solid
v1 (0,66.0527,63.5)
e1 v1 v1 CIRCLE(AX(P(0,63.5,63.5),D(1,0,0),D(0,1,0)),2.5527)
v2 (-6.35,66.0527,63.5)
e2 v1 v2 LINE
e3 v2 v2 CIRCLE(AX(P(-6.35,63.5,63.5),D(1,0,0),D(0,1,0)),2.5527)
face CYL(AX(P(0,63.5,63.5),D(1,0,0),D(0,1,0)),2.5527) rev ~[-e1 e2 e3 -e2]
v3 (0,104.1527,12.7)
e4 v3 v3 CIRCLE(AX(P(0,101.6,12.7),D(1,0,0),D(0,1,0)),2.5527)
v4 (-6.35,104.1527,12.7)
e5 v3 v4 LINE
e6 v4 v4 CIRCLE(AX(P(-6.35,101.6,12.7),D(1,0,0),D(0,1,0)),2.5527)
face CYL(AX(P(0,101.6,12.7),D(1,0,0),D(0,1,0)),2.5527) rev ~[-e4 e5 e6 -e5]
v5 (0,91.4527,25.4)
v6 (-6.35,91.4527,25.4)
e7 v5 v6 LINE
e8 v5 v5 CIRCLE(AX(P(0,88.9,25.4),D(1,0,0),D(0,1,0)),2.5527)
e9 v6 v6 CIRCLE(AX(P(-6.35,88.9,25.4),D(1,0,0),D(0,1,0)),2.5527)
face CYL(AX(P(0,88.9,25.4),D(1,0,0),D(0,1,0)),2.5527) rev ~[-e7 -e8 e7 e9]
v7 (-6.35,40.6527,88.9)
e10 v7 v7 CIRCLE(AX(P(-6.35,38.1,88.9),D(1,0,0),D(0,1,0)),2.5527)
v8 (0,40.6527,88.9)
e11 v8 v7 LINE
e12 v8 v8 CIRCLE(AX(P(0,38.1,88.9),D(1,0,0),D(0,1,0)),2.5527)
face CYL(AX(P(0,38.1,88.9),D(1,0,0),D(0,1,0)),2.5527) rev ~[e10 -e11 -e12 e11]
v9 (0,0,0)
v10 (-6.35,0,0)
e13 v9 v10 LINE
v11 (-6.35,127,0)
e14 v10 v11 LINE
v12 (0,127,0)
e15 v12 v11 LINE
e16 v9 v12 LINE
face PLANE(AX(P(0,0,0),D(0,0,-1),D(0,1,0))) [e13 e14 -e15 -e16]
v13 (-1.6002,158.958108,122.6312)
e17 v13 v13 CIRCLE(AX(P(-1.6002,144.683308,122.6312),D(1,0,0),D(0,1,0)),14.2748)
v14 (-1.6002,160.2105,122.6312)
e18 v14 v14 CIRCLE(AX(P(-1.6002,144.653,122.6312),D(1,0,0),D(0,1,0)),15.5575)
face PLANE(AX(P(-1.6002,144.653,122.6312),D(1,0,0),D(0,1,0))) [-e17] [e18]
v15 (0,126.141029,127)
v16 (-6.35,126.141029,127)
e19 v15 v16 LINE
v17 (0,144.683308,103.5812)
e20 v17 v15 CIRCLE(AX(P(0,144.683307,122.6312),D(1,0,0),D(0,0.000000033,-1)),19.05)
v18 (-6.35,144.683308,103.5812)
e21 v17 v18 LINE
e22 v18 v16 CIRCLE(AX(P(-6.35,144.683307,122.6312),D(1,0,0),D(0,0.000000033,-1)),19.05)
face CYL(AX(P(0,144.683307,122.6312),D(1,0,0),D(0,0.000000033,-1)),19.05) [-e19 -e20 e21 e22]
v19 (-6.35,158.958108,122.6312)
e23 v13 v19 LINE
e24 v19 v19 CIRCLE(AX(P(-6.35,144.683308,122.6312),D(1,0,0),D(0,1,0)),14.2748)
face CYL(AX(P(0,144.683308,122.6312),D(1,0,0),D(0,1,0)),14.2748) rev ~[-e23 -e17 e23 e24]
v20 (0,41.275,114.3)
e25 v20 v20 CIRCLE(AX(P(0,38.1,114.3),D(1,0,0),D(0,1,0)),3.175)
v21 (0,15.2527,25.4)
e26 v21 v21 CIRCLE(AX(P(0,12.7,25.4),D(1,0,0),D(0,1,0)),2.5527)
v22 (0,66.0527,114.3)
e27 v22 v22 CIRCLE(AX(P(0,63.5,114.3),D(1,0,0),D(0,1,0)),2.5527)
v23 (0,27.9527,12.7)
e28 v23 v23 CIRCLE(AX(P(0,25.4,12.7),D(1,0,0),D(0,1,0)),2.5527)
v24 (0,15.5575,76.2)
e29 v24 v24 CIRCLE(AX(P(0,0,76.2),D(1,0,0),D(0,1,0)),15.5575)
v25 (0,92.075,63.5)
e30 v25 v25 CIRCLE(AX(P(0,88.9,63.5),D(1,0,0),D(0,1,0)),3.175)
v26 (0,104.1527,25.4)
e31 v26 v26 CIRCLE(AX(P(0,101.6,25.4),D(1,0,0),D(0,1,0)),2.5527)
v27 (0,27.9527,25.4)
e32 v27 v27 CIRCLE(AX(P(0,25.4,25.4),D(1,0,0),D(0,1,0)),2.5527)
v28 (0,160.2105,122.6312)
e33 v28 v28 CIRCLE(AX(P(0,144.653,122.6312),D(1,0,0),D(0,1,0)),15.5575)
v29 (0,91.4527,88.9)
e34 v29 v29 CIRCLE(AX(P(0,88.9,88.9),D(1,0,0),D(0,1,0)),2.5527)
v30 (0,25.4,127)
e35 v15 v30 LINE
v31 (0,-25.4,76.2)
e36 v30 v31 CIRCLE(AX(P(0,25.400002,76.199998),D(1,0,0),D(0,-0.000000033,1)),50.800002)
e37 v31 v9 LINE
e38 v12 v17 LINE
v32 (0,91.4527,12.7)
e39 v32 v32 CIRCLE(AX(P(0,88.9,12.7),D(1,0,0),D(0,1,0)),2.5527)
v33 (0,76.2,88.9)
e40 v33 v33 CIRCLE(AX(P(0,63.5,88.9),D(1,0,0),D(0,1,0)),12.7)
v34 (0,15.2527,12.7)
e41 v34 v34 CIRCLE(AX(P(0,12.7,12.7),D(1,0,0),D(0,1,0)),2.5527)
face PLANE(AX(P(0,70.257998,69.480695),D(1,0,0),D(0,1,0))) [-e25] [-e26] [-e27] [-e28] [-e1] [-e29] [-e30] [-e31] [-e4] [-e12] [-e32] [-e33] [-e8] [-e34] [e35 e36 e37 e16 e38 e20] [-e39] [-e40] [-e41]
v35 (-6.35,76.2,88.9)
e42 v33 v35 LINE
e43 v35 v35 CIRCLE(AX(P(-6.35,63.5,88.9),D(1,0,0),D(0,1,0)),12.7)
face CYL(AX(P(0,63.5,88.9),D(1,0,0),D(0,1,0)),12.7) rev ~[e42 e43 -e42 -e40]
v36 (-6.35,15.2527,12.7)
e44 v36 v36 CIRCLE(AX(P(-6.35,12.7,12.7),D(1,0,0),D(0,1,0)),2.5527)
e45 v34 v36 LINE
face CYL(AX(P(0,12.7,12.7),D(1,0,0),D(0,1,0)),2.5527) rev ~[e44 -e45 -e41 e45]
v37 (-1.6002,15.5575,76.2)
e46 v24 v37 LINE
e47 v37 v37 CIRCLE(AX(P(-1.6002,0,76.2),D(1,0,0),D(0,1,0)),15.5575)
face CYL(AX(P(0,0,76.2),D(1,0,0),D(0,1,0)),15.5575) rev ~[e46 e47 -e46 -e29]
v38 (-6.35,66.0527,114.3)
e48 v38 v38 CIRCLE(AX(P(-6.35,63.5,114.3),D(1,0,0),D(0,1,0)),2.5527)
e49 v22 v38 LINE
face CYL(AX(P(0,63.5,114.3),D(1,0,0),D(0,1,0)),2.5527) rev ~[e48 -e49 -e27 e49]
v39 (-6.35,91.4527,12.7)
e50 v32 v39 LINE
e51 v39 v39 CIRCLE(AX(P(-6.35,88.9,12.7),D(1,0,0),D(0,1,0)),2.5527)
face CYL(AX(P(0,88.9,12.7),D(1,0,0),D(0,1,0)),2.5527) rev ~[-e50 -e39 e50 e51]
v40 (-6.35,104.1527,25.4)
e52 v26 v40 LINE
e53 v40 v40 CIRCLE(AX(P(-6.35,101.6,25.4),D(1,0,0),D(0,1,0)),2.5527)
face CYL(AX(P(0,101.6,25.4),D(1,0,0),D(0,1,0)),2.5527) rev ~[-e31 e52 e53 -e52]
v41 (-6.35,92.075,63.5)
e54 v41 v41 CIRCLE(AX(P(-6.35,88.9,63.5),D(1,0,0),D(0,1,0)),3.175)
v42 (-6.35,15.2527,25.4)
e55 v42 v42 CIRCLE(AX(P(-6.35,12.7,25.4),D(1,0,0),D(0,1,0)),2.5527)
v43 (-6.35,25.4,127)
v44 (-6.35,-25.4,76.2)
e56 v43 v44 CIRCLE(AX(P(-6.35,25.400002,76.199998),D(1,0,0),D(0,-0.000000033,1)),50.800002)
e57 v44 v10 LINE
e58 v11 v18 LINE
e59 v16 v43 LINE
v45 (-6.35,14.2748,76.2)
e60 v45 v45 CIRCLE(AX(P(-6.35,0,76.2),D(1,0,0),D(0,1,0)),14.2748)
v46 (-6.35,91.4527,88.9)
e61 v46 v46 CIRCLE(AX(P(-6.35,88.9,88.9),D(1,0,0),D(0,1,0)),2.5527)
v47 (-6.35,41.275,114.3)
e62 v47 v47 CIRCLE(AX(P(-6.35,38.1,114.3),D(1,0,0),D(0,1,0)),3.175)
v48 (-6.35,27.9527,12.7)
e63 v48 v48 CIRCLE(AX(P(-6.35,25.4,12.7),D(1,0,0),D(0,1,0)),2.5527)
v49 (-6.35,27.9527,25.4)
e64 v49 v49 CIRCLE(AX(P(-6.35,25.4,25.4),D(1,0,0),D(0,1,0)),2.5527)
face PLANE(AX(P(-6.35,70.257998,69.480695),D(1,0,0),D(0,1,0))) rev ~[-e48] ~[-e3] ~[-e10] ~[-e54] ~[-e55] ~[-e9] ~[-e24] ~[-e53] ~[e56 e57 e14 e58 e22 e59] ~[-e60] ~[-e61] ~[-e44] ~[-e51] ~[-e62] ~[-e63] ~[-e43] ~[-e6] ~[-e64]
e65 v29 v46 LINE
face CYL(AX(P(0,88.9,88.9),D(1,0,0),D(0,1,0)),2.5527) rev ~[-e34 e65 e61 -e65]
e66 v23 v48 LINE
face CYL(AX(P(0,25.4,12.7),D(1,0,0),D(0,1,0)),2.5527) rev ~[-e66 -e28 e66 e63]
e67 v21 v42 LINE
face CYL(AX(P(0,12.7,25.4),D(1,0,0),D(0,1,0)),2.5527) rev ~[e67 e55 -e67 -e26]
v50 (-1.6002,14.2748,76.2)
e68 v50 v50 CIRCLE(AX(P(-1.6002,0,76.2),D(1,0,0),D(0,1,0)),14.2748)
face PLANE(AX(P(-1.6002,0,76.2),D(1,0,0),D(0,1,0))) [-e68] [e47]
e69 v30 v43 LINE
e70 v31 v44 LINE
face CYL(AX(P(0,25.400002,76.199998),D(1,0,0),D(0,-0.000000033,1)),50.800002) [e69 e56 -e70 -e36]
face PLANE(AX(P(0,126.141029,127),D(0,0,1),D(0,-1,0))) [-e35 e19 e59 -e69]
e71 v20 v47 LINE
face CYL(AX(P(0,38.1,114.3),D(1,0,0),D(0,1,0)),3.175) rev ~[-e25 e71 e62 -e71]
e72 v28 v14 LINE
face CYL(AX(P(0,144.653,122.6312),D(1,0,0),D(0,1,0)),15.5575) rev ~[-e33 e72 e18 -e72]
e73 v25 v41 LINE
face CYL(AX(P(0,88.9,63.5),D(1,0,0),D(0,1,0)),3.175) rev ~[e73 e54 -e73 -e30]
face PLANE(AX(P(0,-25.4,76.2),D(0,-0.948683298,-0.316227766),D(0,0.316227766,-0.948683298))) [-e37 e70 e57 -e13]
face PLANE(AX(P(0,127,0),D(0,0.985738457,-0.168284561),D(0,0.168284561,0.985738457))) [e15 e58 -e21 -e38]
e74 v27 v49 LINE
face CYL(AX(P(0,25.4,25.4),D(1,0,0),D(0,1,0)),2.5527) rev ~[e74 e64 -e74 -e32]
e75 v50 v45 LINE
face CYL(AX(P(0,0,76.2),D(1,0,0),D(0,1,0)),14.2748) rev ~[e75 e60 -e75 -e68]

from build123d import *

# Parameters (mm, degrees)
F0_R     = 2.5527
F0_R_2   = 3.175
F0_R_3   = 14.2748
F0_R_4   = 12.7
F1_DEPTH = 6.35
F2_R     = 15.5575
F3_DEPTH = 1.6002


with BuildPart() as f1:
    # F0 (on Right) → F1 (new body)
    with BuildSketch(Plane.YZ):
        with BuildLine():
            Line((126.141029, 127), (25.4, 127))
            ThreePointArc((25.4, 127), (-10.521024, 112.121024), (-25.4, 76.2))
            Line((-25.4, 76.2), (0, 0))
            Line((0, 0), (12.7, 0))
            Line((12.7, 0), (25.4, 0))
            Line((25.4, 0), (101.6, 0))
            Line((101.6, 0), (127, 0))
            Line((127, 0), (144.683308, 103.5812))
            ThreePointArc((144.683308, 103.5812), (159.618637, 134.45653), (126.141029, 127))
        make_face()
        with Locations((12.7, 12.7)):
            Circle(F0_R, mode=Mode.SUBTRACT)
        with Locations((12.7, 25.4)):
            Circle(F0_R, mode=Mode.SUBTRACT)
        with Locations((25.4, 12.7)):
            Circle(F0_R, mode=Mode.SUBTRACT)
        with Locations((25.4, 25.4)):
            Circle(F0_R, mode=Mode.SUBTRACT)
        with Locations((63.5, 63.5)):
            Circle(F0_R, mode=Mode.SUBTRACT)
        with Locations((88.9, 12.7)):
            Circle(F0_R, mode=Mode.SUBTRACT)
        with Locations((101.6, 12.7)):
            Circle(F0_R, mode=Mode.SUBTRACT)
        with Locations((88.9, 25.4)):
            Circle(F0_R, mode=Mode.SUBTRACT)
        with Locations((101.6, 25.4)):
            Circle(F0_R, mode=Mode.SUBTRACT)
        with Locations((88.9, 63.5)):
            Circle(F0_R_2, mode=Mode.SUBTRACT)
        with Locations((0, 76.2)):
            Circle(F0_R_3, mode=Mode.SUBTRACT)
        with Locations((38.1, 88.9)):
            Circle(F0_R, mode=Mode.SUBTRACT)
        with Locations((63.5, 88.9)):
            Circle(F0_R_4, mode=Mode.SUBTRACT)
        with Locations((38.1, 114.3)):
            Circle(F0_R_2, mode=Mode.SUBTRACT)
        with Locations((63.5, 114.3)):
            Circle(F0_R, mode=Mode.SUBTRACT)
        with Locations((88.9, 88.9)):
            Circle(F0_R, mode=Mode.SUBTRACT)
        with Locations((144.683308, 122.6312)):
            Circle(F0_R_3, mode=Mode.SUBTRACT)
    extrude(amount=-F1_DEPTH)

    # F2 (on Right) → F3 (cut)
    with BuildSketch(Plane.YZ):
        with Locations((0, 76.2)):
            Circle(F2_R)
        with Locations((144.653, 122.6312)):
            Circle(F2_R)
    extrude(amount=-F3_DEPTH, mode=Mode.SUBTRACT)


solid = f1.part
